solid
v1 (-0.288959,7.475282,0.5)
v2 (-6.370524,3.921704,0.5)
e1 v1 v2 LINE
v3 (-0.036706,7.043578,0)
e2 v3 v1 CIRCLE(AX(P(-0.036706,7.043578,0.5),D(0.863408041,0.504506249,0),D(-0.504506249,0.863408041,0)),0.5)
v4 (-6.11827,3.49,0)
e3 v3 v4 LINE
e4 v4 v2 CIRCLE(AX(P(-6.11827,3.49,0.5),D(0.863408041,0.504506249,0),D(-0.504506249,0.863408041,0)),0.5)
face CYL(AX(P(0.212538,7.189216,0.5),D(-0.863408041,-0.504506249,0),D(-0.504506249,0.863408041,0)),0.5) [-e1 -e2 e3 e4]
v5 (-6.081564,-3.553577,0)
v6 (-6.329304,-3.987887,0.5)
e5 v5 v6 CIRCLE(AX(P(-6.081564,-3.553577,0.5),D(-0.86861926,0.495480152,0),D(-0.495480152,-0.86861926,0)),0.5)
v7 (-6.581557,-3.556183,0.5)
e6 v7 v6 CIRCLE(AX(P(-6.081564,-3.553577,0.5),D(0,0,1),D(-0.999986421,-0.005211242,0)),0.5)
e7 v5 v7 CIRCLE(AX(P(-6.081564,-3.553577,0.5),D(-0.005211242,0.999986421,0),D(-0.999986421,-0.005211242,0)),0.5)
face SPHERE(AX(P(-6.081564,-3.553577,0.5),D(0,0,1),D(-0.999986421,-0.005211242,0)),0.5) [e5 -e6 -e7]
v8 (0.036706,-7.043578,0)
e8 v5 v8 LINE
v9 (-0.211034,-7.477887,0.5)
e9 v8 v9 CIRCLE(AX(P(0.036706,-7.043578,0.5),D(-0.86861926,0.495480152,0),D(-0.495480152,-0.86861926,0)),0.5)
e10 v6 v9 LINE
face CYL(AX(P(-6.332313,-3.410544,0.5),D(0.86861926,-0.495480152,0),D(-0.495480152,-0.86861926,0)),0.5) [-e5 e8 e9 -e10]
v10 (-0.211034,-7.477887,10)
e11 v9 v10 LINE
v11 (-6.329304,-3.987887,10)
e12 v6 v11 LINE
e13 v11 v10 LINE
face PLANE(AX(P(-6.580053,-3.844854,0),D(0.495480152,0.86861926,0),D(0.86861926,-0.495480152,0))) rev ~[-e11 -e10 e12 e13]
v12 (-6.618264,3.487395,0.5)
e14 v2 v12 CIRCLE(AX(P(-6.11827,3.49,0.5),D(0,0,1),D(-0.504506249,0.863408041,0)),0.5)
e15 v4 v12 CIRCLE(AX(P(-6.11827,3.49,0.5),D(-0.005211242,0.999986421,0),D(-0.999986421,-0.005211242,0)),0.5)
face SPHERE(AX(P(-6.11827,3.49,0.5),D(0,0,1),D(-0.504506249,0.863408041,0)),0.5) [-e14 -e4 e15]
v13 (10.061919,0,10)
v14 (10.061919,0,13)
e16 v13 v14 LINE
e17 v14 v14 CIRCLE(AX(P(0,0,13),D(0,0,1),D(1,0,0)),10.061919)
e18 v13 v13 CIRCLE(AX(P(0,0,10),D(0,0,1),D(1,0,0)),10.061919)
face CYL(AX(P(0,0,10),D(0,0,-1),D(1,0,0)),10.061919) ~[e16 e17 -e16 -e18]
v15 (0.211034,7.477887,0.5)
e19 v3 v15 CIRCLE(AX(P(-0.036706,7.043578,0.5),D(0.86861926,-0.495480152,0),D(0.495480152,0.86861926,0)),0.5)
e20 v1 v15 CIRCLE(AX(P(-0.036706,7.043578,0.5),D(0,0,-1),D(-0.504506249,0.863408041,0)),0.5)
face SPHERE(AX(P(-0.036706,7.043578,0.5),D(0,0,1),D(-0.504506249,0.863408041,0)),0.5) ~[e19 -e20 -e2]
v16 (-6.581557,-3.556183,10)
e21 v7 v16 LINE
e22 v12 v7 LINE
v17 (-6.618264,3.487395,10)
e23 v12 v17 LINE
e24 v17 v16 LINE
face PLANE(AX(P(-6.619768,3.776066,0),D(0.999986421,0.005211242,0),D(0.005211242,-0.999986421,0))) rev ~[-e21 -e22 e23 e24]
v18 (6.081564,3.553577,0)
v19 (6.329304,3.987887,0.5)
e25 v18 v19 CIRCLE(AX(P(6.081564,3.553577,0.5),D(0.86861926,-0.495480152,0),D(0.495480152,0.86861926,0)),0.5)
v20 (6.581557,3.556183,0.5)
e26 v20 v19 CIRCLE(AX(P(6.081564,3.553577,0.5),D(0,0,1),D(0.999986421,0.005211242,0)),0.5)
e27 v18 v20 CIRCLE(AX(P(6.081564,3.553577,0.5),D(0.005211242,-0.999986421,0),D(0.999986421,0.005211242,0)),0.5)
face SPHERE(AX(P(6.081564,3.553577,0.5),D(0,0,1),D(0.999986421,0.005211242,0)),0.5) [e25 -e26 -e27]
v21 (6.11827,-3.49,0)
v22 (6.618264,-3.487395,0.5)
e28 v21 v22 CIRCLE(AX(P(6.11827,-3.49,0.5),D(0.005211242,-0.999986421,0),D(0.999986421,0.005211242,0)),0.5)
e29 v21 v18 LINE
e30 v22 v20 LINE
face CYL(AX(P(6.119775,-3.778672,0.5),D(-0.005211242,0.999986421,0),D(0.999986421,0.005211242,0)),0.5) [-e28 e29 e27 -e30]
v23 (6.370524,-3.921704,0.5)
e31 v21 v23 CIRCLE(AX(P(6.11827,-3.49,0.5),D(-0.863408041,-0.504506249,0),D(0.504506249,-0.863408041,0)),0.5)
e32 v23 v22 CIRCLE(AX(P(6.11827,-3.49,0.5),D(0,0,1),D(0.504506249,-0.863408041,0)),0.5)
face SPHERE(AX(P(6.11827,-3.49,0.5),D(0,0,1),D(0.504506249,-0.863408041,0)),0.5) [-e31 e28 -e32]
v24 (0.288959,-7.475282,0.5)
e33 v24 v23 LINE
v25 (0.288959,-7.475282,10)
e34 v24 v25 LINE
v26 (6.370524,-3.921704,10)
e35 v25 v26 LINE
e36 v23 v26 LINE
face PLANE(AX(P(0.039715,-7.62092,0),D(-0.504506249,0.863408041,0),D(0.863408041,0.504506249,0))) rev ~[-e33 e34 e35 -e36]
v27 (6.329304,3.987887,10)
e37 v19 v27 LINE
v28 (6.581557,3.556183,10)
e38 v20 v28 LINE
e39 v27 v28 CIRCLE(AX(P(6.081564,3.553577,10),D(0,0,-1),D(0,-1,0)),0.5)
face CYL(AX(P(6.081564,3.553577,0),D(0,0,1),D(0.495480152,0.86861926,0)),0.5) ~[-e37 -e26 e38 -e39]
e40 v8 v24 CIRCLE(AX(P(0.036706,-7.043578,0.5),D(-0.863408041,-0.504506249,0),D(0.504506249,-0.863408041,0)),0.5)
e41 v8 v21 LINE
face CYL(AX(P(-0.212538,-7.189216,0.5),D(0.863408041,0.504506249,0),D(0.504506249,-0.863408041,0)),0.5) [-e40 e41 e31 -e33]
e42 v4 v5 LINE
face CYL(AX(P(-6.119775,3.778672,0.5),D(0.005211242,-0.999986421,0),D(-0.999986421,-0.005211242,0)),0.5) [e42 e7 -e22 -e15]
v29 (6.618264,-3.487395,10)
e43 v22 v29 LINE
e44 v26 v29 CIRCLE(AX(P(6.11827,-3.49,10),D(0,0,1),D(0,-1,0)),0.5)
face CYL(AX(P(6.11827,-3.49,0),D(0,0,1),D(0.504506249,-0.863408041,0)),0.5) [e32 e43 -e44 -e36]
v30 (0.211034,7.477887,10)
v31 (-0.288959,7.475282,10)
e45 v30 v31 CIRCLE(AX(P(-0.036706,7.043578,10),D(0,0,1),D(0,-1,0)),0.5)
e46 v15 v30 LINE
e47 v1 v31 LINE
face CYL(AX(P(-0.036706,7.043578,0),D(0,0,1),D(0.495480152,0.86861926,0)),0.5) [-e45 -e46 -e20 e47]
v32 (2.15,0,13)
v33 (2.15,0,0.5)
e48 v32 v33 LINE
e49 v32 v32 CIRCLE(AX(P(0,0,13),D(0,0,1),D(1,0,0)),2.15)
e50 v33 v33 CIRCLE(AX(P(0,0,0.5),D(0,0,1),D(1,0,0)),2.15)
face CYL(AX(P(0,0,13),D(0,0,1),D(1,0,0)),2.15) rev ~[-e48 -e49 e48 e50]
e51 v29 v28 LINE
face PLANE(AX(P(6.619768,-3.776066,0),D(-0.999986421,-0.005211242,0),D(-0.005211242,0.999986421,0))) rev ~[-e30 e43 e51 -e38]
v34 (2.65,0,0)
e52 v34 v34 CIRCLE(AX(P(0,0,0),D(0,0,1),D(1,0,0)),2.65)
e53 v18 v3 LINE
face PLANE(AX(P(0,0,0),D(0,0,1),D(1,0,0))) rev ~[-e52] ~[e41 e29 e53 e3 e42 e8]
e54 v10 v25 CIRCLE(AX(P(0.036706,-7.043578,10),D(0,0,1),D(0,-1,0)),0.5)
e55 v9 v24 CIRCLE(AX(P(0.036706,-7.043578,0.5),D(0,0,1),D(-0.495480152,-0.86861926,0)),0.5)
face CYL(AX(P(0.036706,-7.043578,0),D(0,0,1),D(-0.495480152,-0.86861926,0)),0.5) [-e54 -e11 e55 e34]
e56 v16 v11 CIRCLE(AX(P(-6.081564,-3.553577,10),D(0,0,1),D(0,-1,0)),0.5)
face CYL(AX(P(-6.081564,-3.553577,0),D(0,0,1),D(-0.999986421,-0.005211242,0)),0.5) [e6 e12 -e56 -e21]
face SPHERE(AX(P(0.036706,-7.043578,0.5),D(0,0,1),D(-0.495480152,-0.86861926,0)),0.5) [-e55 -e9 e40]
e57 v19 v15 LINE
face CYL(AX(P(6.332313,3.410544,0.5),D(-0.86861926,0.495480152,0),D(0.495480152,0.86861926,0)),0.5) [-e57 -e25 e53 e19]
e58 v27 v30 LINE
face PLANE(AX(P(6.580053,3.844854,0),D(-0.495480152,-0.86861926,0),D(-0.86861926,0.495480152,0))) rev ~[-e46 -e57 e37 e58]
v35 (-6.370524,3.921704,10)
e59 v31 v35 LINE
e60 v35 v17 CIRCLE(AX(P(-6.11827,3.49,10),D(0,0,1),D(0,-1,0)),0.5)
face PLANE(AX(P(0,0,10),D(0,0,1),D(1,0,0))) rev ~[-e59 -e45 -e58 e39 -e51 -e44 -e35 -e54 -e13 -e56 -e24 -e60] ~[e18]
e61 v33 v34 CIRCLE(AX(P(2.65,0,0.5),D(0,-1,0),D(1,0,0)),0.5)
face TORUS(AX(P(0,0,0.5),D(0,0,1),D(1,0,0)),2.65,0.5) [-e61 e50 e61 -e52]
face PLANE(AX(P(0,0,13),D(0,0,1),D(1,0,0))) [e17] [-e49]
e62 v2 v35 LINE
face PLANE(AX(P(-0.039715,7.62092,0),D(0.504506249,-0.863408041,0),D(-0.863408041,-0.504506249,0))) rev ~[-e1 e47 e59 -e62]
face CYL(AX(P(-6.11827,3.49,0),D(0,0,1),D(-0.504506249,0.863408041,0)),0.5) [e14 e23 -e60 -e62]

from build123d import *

# Parameters (mm, degrees)
F1_DEPTH = 10
F2_R     = 10.061919
F3_DEPTH = 3
F4_R     = 2.15
F5_DEPTH = 25
F6_R     = 0.5


with BuildPart() as f1:
    # F0 (on Top) → F1 (new body)
    with BuildSketch(Plane.XY):
        Polygon((6.580053, 3.844854), (-0.039715, 7.62092), (-6.619768, 3.776066), (-6.580053, -3.844854), (0.039715, -7.62092), (6.619768, -3.776066), align=None)
    extrude(amount=F1_DEPTH)

    # F2 (on face) → F3 (join)
    with BuildSketch(Plane.XY.offset(10)):
        Circle(F2_R)
    extrude(amount=F3_DEPTH)

    # F4 (on face) → F5 (cut)
    with BuildSketch(Plane.XY.offset(13)):
        Circle(F4_R)
    extrude(amount=-F5_DEPTH, mode=Mode.SUBTRACT)

    # F6
    f6_edges = [f1.edges().sort_by_distance(p)[0] for p in [
        (-0.039715, 7.62092, 5),
        (6.580053, 3.844854, 5),
        (6.619768, -3.776066, 5),
        (0.039715, -7.62092, 5),
        (-6.580053, -3.844854, 5),
        (-6.619768, 3.776066, 5),
        (-3.329741, 5.698493, 0),
        (-6.59991, -0.034394, 0),
        (-3.270169, -5.732887, 0),
        (3.329741, -5.698493, 0),
        (6.59991, 0.034394, 0),
        (3.270169, 5.732887, 0),
        (-2.15, 0, 0),
    ]]
    fillet(f6_edges, radius=F6_R)


solid = f1.part
